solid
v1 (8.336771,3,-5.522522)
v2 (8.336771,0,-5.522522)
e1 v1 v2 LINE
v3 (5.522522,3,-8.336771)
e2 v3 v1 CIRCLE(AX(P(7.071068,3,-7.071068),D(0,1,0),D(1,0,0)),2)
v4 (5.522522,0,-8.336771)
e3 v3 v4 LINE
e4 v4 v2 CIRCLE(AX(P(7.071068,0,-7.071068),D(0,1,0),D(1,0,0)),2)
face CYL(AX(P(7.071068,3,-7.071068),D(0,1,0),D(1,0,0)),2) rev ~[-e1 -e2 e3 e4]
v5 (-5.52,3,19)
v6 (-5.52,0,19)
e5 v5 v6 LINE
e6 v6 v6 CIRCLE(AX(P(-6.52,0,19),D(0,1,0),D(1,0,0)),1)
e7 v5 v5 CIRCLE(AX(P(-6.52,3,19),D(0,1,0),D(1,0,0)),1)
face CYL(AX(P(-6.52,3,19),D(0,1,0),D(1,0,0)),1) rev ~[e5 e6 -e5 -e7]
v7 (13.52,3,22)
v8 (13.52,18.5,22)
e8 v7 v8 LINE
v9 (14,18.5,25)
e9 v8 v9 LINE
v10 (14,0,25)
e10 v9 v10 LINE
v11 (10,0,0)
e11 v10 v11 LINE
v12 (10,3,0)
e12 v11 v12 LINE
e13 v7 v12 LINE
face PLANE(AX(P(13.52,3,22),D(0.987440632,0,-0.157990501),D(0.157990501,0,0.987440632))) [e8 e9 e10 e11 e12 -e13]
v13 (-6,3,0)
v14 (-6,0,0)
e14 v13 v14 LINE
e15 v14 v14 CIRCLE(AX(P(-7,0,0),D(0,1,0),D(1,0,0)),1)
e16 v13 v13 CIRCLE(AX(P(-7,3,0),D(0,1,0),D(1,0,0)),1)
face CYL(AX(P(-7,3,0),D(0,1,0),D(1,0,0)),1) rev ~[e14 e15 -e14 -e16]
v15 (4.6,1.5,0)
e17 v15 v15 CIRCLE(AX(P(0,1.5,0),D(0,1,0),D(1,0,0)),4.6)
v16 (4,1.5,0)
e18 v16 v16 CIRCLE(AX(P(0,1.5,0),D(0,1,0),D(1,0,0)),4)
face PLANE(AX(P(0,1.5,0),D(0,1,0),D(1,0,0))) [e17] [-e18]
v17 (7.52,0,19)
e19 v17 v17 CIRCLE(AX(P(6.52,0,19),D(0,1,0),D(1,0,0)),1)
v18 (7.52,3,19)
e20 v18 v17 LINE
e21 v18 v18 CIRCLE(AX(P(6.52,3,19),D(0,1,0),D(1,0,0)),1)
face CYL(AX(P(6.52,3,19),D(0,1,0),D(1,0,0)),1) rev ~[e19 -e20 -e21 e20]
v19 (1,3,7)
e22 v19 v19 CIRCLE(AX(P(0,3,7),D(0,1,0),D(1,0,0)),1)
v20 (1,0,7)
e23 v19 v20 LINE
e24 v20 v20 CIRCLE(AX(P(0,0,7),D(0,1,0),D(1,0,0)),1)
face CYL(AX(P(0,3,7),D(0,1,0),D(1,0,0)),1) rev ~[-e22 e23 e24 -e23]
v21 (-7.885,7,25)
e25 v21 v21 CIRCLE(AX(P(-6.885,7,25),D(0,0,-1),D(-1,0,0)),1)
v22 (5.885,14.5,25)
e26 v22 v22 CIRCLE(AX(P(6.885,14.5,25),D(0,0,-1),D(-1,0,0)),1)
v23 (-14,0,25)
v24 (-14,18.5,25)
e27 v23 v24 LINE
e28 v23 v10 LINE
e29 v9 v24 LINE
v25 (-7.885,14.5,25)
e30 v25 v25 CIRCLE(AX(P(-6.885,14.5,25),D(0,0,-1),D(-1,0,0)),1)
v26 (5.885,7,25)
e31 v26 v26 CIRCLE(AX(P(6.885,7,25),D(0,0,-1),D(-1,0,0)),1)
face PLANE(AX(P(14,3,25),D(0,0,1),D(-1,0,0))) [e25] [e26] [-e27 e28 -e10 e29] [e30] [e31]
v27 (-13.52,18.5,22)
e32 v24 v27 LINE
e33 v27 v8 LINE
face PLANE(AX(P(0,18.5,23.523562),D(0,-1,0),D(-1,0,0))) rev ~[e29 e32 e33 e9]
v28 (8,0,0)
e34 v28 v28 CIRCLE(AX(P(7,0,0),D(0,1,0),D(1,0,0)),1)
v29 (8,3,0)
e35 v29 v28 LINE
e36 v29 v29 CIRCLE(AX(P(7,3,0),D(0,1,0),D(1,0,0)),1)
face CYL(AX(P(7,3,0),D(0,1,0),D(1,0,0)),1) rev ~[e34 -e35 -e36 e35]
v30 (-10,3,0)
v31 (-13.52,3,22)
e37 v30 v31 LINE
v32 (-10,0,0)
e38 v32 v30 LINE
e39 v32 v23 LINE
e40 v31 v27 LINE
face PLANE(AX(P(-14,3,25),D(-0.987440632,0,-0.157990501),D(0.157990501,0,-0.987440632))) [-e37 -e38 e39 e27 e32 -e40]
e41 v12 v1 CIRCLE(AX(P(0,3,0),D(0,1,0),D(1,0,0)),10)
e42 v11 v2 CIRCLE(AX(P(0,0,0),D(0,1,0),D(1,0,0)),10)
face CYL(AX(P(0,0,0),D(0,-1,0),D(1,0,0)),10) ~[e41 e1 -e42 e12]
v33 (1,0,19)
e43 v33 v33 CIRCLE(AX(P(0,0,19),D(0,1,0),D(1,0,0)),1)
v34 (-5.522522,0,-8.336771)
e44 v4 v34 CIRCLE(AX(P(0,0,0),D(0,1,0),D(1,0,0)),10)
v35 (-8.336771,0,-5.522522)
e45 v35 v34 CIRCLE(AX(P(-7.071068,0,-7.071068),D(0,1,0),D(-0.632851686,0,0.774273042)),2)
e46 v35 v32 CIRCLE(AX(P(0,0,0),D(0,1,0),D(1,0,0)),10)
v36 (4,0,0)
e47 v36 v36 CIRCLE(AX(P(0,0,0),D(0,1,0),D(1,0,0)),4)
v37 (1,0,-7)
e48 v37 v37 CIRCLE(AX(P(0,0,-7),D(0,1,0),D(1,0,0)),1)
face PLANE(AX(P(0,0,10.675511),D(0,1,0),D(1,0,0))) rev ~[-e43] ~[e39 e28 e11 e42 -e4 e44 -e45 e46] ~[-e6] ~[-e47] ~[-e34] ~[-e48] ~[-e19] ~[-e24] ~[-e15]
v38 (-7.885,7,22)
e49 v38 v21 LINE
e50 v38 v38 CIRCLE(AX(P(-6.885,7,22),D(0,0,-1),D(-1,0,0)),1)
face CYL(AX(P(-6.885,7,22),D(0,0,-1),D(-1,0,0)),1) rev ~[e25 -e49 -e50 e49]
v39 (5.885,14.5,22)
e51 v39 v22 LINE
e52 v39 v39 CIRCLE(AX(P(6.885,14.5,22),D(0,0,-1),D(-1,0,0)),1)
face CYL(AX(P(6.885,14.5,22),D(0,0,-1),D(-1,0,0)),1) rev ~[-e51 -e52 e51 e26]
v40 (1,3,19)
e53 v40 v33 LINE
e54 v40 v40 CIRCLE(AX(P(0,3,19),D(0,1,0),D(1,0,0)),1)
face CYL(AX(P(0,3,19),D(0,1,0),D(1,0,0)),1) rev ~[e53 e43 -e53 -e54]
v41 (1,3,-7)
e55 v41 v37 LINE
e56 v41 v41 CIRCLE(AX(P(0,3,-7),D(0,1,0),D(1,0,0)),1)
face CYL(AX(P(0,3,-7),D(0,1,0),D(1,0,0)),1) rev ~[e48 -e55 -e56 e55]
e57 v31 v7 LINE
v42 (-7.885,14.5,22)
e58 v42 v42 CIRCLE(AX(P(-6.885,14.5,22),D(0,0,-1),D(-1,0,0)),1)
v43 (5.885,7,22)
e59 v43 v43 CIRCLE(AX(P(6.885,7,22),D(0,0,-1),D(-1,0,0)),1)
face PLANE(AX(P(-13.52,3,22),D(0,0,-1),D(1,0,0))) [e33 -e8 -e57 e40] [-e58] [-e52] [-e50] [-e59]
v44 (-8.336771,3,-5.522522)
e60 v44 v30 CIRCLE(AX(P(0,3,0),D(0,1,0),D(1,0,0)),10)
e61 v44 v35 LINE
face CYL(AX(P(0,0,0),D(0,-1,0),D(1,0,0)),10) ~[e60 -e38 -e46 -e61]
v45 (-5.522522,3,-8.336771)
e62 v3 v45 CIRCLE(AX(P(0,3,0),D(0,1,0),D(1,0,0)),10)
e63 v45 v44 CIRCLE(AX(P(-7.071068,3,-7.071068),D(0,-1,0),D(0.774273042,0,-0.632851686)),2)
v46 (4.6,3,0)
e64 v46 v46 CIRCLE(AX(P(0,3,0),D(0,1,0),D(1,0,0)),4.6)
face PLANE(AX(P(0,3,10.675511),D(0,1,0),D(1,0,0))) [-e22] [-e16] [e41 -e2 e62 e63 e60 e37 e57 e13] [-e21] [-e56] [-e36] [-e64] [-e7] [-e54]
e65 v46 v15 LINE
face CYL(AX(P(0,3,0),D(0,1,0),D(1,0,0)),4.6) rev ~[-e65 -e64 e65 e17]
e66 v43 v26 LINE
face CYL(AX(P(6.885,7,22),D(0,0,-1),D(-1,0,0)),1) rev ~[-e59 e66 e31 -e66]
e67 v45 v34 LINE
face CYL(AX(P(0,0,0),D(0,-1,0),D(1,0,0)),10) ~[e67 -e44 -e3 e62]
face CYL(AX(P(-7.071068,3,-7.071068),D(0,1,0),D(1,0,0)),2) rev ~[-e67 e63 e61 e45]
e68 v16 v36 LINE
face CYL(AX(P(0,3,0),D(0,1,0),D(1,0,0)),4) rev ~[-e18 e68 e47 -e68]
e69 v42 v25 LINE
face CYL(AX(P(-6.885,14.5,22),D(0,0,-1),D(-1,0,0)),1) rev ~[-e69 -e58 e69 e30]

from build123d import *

# Parameters (mm, degrees)
BOSS_EXTRUDE1_DEPTH = 3
SKETCH2_R           = 4
CUT_EXTRUDE1_DEPTH  = 13
SKETCH3_R           = 1
CUT_EXTRUDE2_DEPTH  = 13
SKETCH4_R           = 1
CUT_EXTRUDE3_DEPTH  = 3
BOSS_EXTRUDE2_DEPTH = 15.5
SKETCH6_R           = 4.6
CUT_EXTRUDE4_DEPTH  = 1.5
SKETCH7_R           = 2
CUT_EXTRUDE5_DEPTH  = 10
SKETCH8_R           = 1
CUT_EXTRUDE6_DEPTH  = 10


with BuildPart() as part:
    # Sketch1 → Boss-Extrude1 (new body)
    with BuildSketch(Plane(origin=(0, 0, 0), x_dir=(1, 0, 0), z_dir=(0, 1, 0))):
        with BuildLine():
            Line((-10, 0), (-14, -25))
            Line((-14, -25), (14, -25))
            Line((14, -25), (10, 0))
            ThreePointArc((10, 0), (0, 10), (-10, 0))
        make_face()
    extrude(amount=BOSS_EXTRUDE1_DEPTH)

    # Sketch2 → Cut-Extrude1 (cut)
    with BuildSketch(Plane(origin=(0, 3, 0), x_dir=(1, 0, 0), z_dir=(0, 1, 0))):
        Circle(SKETCH2_R)
    extrude(amount=-CUT_EXTRUDE1_DEPTH, mode=Mode.SUBTRACT)

    # Sketch3 → Cut-Extrude2 (cut)
    with BuildSketch(Plane(origin=(0, 3, 0), x_dir=(1, 0, 0), z_dir=(0, 1, 0))):
        with Locations((-6.52, -19)):
            Circle(SKETCH3_R)
        with Locations((6.52, -19)):
            Circle(SKETCH3_R)
        with Locations((0, -19)):
            Circle(SKETCH3_R)
    extrude(amount=-CUT_EXTRUDE2_DEPTH, mode=Mode.SUBTRACT)

    # Sketch4 → Cut-Extrude3 (cut)
    with BuildSketch(Plane(origin=(0, 3, 0), x_dir=(1, 0, 0), z_dir=(0, 1, 0))):
        with Locations((0, -7)):
            Circle(SKETCH4_R)
        with Locations((-7, 0)):
            Circle(SKETCH4_R)
        with Locations((0, 7)):
            Circle(SKETCH4_R)
        with Locations((7, 0)):
            Circle(SKETCH4_R)
    extrude(amount=-CUT_EXTRUDE3_DEPTH, mode=Mode.SUBTRACT)

    # Sketch5 → Boss-Extrude2 (add)
    with BuildSketch(Plane(origin=(0, 3, 0), x_dir=(1, 0, 0), z_dir=(0, 1, 0))):
        Polygon((-13.52, -22), (13.52, -22), (14, -25), (-14, -25), align=None)
    extrude(amount=BOSS_EXTRUDE2_DEPTH)

    # Sketch6 → Cut-Extrude4 (cut)
    with BuildSketch(Plane(origin=(0, 3, 0), x_dir=(1, 0, 0), z_dir=(0, 1, 0))):
        Circle(SKETCH6_R)
    extrude(amount=-CUT_EXTRUDE4_DEPTH, mode=Mode.SUBTRACT)

    # Sketch7 → Cut-Extrude5 (cut)
    with BuildSketch(Plane(origin=(0, 3, 0), x_dir=(1, 0, 0), z_dir=(0, 1, 0))):
        with Locations((-7.071067812, 7.071067812)):
            Circle(SKETCH7_R)
        with Locations((7.071067812, 7.071067812)):
            Circle(SKETCH7_R)
    extrude(amount=-CUT_EXTRUDE5_DEPTH, mode=Mode.SUBTRACT)

    # Sketch8 → Cut-Extrude6 (cut)
    with BuildSketch(Plane(origin=(0, 0, 22), x_dir=(-1, 0, 0), z_dir=(0, 0, -1))):
        with Locations((6.885, 14.5)):
            Circle(SKETCH8_R)
        with Locations((-6.885, 14.5)):
            Circle(SKETCH8_R)
        with Locations((6.885, 7)):
            Circle(SKETCH8_R)
        with Locations((-6.885, 7)):
            Circle(SKETCH8_R)
    extrude(amount=-CUT_EXTRUDE6_DEPTH, mode=Mode.SUBTRACT)


solid = part.part
